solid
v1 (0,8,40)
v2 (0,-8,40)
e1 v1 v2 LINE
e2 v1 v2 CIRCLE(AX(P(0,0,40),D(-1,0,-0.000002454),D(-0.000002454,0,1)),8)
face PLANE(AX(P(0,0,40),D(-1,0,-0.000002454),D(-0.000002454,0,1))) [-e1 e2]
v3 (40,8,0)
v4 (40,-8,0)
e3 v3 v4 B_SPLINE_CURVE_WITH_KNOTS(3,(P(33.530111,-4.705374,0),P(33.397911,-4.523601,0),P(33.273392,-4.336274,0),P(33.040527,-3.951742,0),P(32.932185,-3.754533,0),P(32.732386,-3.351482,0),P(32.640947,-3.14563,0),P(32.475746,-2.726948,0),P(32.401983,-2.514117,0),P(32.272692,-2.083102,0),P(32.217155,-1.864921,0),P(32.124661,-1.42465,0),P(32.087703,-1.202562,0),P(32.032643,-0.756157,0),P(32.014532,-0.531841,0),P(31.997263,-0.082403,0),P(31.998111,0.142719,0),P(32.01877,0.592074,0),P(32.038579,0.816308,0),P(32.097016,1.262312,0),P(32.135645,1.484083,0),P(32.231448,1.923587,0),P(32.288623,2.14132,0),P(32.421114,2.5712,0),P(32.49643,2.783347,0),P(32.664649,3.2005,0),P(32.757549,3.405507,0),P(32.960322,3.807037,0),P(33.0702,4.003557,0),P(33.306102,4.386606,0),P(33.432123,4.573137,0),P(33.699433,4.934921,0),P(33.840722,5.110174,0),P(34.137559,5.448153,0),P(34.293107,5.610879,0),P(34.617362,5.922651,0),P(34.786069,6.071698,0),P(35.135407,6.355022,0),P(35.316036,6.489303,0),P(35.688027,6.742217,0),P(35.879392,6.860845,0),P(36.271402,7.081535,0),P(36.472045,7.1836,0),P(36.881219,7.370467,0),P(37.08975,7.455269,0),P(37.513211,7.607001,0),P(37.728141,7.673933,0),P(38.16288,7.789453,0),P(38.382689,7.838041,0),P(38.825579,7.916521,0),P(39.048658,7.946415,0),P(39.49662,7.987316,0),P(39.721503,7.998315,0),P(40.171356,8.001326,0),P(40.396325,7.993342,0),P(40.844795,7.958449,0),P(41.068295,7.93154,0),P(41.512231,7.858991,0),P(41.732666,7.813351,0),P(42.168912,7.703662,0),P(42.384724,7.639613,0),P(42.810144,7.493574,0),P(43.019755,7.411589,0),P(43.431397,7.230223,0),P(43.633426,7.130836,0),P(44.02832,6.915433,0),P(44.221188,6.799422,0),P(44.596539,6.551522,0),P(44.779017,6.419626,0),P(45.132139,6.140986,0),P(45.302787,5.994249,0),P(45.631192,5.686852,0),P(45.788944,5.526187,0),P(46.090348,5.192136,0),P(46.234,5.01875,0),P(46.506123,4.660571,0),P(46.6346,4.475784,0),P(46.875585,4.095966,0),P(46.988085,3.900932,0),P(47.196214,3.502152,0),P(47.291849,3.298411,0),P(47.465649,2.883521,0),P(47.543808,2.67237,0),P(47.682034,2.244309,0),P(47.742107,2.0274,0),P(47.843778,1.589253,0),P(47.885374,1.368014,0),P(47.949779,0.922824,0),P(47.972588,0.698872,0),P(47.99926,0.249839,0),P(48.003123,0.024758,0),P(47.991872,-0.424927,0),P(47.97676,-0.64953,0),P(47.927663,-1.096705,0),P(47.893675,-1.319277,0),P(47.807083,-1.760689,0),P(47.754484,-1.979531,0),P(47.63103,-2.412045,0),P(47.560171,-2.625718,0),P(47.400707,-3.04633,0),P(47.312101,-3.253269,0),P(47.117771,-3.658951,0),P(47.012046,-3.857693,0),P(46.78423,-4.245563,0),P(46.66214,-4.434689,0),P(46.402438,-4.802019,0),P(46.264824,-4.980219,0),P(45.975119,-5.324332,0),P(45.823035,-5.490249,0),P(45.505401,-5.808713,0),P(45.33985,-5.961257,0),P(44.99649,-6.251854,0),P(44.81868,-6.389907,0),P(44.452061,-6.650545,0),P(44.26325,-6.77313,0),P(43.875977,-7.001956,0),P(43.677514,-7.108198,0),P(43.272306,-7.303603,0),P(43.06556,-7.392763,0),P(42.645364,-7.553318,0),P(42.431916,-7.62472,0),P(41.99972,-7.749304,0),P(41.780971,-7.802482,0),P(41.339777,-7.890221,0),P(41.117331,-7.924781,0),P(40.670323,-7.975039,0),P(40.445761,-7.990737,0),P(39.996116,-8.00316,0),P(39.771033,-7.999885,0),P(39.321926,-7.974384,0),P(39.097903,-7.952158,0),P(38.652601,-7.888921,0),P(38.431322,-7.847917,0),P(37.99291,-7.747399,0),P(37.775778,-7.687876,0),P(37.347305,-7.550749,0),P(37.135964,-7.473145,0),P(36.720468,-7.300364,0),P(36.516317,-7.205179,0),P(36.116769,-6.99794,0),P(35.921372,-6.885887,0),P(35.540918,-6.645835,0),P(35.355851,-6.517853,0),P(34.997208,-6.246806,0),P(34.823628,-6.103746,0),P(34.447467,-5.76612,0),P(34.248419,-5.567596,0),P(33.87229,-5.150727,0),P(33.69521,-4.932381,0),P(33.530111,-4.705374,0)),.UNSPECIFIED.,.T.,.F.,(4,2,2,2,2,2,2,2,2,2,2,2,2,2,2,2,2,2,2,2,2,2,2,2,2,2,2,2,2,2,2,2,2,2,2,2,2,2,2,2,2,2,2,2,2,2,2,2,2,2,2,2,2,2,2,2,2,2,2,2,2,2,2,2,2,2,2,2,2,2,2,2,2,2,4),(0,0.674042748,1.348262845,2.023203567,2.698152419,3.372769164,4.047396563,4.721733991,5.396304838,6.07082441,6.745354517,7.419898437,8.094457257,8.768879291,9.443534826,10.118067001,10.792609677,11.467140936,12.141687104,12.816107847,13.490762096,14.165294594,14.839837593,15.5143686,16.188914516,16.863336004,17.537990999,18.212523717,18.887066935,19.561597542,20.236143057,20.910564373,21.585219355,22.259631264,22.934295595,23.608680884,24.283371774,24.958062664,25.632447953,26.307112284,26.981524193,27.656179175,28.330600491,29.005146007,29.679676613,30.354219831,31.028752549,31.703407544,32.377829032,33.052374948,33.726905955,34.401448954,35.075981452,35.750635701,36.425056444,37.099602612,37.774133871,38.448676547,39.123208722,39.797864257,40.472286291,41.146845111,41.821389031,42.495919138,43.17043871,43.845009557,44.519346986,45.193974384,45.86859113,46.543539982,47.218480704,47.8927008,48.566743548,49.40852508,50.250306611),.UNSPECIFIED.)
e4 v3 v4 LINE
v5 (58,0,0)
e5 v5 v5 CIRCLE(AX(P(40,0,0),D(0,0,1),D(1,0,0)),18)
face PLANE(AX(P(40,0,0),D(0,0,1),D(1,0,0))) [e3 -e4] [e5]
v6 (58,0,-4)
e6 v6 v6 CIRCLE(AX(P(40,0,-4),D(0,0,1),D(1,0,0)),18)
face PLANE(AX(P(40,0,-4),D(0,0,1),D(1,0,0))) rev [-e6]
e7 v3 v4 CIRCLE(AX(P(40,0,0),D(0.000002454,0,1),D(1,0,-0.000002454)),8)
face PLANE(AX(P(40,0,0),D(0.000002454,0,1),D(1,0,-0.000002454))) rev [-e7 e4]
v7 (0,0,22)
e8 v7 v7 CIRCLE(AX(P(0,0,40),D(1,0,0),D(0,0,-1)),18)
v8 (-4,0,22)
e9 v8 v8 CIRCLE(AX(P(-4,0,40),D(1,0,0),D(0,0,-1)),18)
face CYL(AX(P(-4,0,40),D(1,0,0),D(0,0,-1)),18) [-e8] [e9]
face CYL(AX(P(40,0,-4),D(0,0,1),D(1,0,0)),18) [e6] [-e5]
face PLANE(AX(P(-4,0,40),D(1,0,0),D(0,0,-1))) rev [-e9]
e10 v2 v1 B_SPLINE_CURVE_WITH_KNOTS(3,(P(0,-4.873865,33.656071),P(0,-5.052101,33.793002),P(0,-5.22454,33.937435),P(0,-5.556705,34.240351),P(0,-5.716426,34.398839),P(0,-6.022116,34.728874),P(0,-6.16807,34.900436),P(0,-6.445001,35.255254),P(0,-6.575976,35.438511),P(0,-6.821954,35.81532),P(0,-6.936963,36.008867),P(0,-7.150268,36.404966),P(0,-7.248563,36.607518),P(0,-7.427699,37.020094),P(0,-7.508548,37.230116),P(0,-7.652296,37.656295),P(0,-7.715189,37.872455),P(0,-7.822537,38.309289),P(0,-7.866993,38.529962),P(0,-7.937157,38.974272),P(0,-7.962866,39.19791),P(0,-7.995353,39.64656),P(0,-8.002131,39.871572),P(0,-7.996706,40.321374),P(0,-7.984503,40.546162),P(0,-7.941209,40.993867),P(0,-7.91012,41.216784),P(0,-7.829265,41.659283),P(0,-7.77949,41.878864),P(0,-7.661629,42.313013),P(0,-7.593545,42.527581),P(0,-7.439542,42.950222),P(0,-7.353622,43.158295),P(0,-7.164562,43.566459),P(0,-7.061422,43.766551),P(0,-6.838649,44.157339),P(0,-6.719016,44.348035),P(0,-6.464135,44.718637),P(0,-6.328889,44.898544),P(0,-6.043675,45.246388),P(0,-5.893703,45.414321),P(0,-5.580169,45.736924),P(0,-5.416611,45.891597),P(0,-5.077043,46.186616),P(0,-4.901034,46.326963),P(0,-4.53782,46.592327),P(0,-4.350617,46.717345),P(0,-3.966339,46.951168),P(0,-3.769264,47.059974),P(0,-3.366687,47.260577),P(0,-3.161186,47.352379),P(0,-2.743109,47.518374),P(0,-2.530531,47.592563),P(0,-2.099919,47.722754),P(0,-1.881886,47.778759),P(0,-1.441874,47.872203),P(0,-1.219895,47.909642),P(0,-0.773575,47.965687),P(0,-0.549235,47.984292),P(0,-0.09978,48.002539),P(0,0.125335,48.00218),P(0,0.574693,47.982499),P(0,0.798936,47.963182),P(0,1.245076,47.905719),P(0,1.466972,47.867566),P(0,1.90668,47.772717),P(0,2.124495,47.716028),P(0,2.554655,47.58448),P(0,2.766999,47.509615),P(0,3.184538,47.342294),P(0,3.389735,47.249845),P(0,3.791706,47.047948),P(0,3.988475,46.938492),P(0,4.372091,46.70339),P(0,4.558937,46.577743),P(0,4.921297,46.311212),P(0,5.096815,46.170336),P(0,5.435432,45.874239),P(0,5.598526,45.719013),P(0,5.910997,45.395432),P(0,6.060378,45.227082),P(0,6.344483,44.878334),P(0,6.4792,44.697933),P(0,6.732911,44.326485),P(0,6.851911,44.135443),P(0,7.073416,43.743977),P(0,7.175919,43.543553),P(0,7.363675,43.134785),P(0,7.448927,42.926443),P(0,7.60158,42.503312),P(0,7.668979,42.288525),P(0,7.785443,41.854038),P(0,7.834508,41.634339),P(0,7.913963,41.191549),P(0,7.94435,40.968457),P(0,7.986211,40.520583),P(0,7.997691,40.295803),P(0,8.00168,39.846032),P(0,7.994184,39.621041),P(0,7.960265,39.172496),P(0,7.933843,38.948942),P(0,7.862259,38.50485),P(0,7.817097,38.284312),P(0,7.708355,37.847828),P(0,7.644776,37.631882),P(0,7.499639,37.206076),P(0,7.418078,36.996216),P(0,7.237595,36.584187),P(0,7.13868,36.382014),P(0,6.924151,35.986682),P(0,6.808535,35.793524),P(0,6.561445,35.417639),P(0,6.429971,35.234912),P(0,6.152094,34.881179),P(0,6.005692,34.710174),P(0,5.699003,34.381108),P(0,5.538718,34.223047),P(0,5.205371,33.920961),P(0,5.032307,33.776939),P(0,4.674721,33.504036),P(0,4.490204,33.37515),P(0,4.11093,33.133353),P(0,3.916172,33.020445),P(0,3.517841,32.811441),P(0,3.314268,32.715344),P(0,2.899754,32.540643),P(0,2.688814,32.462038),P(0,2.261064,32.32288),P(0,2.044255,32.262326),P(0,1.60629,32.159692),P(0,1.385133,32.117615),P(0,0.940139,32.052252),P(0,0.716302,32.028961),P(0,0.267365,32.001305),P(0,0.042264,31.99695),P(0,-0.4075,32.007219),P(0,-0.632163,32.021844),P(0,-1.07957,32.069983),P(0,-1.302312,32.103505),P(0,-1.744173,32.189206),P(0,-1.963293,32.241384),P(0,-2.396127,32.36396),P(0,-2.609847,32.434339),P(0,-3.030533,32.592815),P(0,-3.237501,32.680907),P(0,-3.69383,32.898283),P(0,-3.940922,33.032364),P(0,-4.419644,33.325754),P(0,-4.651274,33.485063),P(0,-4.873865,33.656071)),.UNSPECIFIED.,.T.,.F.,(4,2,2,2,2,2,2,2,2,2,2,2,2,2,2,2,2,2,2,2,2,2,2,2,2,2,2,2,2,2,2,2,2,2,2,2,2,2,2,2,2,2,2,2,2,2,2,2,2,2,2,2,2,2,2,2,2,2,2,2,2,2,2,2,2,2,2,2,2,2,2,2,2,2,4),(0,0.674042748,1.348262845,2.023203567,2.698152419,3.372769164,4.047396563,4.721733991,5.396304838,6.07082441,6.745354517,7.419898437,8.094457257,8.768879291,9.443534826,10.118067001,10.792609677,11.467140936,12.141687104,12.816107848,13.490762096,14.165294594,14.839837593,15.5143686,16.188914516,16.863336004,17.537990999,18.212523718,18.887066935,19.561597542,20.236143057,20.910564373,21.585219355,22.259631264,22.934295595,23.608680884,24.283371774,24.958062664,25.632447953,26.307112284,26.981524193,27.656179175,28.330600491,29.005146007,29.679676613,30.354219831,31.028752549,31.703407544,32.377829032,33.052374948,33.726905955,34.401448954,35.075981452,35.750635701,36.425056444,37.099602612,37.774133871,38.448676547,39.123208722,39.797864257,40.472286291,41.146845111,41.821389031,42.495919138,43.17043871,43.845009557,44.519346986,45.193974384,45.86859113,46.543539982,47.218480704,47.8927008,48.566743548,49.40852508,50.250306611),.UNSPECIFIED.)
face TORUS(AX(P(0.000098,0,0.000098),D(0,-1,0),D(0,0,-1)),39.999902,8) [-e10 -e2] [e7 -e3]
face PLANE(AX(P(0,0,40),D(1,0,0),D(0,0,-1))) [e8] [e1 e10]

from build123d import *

# Parameters (mm, degrees)
SWEEP_2_PROFILE_R = 8
SKETCH_9_R        = 18
EXTRUDE_3_DEPTH   = 4
SKETCH_10_R       = 18
EXTRUDE_4_DEPTH   = 4


with BuildPart() as part:
    # 扫描2: sweep along a path in 草图1
    with BuildLine(Plane(origin=(0, 0, 0), x_dir=(1, 0, 0), z_dir=(0, 1, 0))) as sweep_2_path:
        ThreePointArc((40, 0), (28.2843, -28.2843), (0, -40))
    # 扫描2 profile (on start of the path) → 扫描2 (sweep)
    with BuildSketch(Plane(origin=(40, 0, 0), x_dir=(0.9999999999969885, 0, -2.454181391155847e-06), z_dir=(2.454181391155847e-06, 0, 0.9999999999969885))):
        Circle(SWEEP_2_PROFILE_R)
    sweep(path=sweep_2_path.line)

    # 草图9 → 凸台-拉伸3 (add)
    with BuildSketch(Plane.XY):
        with Locations((40, 0)):
            Circle(SKETCH_9_R)
    extrude(amount=-EXTRUDE_3_DEPTH)

    # 草图10 → 凸台-拉伸4 (add)
    with BuildSketch(Plane(origin=(0, 0, 0), x_dir=(0, 0, -1), z_dir=(1, 0, 0))):
        with Locations((-40, 0)):
            Circle(SKETCH_10_R)
    extrude(amount=-EXTRUDE_4_DEPTH)


solid = part.part
